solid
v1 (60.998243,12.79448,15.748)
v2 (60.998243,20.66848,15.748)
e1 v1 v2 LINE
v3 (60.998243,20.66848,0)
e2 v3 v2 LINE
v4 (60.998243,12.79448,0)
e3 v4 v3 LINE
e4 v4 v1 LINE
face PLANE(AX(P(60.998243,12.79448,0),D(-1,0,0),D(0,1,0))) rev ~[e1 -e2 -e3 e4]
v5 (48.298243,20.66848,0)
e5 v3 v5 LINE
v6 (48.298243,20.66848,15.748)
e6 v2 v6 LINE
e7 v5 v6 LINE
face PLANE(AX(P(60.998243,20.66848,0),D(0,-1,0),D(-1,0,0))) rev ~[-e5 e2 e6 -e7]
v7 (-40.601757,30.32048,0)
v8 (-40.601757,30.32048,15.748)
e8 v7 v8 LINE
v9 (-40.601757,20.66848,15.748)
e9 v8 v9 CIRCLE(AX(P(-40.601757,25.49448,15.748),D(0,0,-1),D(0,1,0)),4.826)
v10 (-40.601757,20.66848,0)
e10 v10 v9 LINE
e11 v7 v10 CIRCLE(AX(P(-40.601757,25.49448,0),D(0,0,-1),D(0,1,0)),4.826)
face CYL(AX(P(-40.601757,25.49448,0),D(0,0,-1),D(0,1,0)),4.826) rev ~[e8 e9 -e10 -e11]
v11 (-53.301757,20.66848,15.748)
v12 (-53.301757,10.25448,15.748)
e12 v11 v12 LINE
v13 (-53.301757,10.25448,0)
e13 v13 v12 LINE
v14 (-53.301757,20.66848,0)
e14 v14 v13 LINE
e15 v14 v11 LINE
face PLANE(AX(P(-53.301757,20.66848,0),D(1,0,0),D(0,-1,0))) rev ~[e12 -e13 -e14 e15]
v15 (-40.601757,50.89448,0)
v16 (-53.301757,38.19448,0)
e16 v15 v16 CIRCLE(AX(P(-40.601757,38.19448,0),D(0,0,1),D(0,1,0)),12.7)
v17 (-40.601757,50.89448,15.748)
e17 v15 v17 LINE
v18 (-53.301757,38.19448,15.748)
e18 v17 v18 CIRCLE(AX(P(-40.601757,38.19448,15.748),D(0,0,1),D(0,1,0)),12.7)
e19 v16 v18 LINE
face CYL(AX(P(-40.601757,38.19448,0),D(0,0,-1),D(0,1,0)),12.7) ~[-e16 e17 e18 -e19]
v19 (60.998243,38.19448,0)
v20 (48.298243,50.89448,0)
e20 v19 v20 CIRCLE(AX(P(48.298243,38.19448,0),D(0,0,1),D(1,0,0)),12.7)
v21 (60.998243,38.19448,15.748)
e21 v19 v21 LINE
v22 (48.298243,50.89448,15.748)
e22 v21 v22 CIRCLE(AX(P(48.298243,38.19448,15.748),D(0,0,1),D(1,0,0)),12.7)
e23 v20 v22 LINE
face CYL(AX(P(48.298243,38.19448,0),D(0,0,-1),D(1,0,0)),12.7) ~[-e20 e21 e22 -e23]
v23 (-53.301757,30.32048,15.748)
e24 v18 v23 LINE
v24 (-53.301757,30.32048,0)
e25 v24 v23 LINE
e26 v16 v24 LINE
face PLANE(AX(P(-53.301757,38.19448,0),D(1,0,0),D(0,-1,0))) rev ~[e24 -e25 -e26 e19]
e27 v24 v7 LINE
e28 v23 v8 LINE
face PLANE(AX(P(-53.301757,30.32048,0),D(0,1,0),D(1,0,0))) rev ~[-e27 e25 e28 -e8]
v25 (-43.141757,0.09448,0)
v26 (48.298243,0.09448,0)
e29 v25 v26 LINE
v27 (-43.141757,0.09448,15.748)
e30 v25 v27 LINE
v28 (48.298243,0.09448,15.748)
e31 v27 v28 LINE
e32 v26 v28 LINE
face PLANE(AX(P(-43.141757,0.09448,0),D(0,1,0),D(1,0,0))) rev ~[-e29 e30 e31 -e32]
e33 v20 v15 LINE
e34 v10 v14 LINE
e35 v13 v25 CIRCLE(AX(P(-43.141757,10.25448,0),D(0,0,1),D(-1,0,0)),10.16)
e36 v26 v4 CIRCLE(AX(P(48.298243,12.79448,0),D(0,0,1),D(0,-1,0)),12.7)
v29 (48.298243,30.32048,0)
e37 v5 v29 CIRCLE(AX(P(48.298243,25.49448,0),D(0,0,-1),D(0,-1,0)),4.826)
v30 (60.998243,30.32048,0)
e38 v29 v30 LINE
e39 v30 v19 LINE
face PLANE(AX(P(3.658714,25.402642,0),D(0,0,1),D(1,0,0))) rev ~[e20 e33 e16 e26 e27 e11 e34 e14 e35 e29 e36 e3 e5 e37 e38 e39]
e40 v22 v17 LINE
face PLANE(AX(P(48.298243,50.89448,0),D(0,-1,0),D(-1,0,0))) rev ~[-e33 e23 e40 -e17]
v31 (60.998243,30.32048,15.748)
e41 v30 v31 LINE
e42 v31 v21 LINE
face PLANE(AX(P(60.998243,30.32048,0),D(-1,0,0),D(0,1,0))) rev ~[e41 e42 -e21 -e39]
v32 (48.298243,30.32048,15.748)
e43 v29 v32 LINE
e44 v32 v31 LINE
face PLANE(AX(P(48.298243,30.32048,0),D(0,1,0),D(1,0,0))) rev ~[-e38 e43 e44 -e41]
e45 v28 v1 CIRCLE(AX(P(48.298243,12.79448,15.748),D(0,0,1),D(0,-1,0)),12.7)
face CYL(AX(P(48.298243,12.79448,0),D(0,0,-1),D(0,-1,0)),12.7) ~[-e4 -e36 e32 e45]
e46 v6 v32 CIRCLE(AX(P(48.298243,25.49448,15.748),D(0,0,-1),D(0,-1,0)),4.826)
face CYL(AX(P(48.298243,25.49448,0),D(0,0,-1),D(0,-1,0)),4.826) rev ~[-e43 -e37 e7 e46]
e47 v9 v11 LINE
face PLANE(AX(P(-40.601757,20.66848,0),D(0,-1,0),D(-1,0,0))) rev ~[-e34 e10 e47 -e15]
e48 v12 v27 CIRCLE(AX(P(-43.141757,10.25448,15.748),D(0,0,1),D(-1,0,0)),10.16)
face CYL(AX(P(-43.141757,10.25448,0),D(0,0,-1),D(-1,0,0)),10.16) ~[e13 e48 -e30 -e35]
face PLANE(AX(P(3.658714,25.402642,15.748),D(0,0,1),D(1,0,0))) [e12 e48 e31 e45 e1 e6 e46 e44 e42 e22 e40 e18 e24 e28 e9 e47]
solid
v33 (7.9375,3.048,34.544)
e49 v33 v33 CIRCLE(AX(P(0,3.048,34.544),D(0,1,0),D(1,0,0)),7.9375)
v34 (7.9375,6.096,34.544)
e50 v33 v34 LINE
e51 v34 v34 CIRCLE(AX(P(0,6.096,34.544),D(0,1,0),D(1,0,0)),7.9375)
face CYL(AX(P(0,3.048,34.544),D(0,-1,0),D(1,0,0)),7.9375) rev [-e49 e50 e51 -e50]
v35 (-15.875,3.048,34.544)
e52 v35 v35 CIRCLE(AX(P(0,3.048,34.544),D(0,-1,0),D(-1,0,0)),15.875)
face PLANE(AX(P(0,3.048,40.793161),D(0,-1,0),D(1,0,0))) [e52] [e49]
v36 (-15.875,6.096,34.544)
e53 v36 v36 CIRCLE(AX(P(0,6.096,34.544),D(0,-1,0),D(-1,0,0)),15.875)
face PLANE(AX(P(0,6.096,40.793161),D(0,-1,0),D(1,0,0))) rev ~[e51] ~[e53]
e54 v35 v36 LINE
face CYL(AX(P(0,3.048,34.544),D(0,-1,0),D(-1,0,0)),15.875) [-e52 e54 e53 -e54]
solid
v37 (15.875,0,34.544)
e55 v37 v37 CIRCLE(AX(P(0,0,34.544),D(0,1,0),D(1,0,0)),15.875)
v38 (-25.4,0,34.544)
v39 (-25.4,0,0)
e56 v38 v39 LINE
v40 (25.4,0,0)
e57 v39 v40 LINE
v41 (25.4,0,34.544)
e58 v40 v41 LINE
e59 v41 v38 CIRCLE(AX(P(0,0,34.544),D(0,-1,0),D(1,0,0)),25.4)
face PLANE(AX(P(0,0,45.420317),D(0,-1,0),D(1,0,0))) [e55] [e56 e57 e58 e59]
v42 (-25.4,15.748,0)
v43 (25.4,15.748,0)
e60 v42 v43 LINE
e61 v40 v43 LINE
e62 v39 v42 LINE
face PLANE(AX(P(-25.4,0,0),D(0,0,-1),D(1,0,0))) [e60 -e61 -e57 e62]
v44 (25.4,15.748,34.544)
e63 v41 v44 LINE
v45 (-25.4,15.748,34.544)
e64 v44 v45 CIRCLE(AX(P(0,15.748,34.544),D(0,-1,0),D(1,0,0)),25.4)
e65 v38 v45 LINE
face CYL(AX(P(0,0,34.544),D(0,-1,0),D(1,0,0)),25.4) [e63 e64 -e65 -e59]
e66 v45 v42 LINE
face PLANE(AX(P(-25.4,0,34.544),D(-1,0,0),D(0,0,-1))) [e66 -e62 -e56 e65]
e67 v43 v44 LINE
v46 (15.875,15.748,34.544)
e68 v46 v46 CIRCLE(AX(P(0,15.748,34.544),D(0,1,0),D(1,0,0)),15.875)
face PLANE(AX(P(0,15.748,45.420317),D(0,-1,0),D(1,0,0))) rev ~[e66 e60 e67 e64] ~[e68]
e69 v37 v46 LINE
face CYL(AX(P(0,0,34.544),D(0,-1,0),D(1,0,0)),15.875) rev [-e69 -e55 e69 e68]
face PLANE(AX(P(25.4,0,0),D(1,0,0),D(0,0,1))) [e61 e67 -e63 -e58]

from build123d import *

# Parameters (mm, degrees)
F2_DEPTH = 15.748
F3_DEPTH = 15.748
F4_DEPTH = 3.048
F5_DEPTH = 3.048


with BuildPart() as f2:
    # F0 (on Top) → F2 (new body)
    with BuildSketch(Plane.XY):
        with BuildLine():
            ThreePointArc((-53.3017574266, 10.254479922), (-50.3259623234, 3.0702750251), (-43.1417574266, 0.094479922))
            Line((-43.1417574266, 0.094479922), (48.2982425734, 0.094479922))
            ThreePointArc((48.2982425734, 0.094479922), (57.2784986945, 3.8142238009), (60.9982425734, 12.794479922))
            Line((60.9982425734, 12.794479922), (60.9982425734, 20.668479922))
            Line((60.9982425734, 20.668479922), (48.2982425734, 20.668479922))
            ThreePointArc((48.2982425734, 20.668479922), (43.4722425734, 25.494479922), (48.2982425734, 30.320479922))
            Line((48.2982425734, 30.320479922), (60.9982425734, 30.320479922))
            Line((60.9982425734, 30.320479922), (60.9982425734, 38.194479922))
            ThreePointArc((60.9982425734, 38.194479922), (57.2784986945, 47.1747360431), (48.2982425734, 50.894479922))
            Line((48.2982425734, 50.894479922), (-40.6017574266, 50.894479922))
            ThreePointArc((-40.6017574266, 50.894479922), (-49.5820135476, 47.1747360431), (-53.3017574266, 38.194479922))
            Line((-53.3017574266, 38.194479922), (-53.3017574266, 30.320479922))
            Line((-53.3017574266, 30.320479922), (-40.6017574266, 30.320479922))
            ThreePointArc((-40.6017574266, 30.320479922), (-35.7757574266, 25.494479922), (-40.6017574266, 20.668479922))
            Line((-40.6017574266, 20.668479922), (-53.3017574266, 20.668479922))
            Line((-53.3017574266, 20.668479922), (-53.3017574266, 10.254479922))
        make_face()
    extrude(amount=F2_DEPTH)


with BuildPart() as f3:
    # F1 (on Front) → F3 (new body)
    with BuildSketch(Plane.XZ):
        with BuildLine():
            ThreePointArc((25.4, 34.544), (0, 59.944), (-25.4, 34.544))
            Line((-25.4, 34.544), (-15.875, 34.544))
            ThreePointArc((-15.875, 34.544), (0, 50.419), (15.875, 34.544))
            Line((15.875, 34.544), (25.4, 34.544))
        make_face()
        with BuildLine():
            Line((-25.4, 34.544), (-25.4, 0))
            Line((-25.4, 0), (25.4, 0))
            Line((25.4, 0), (25.4, 34.544))
            Line((25.4, 34.544), (15.875, 34.544))
            ThreePointArc((15.875, 34.544), (0, 18.669), (-15.875, 34.544))
            Line((-15.875, 34.544), (-25.4, 34.544))
        make_face()
    extrude(amount=-F3_DEPTH)


with BuildPart() as f4:
    # F1 (on Front) → F4 (new body)
    with BuildSketch(Plane.XZ):
        with BuildLine():
            Line((7.9375, 34.544), (-7.9375, 34.544))
            ThreePointArc((-7.9375, 34.544), (0, 26.6065), (7.9375, 34.544))
        make_face()
        with BuildLine():
            ThreePointArc((7.9375, 34.544), (0, 42.4815), (-7.9375, 34.544))
            Line((-7.9375, 34.544), (7.9375, 34.544))
        make_face()
    extrude(amount=-F4_DEPTH)


with BuildPart() as f5:
    # F1 (on Front) → F5 (new body)
    with BuildSketch(Plane.XZ):
        with BuildLine():
            ThreePointArc((15.875, 34.544), (0, 50.419), (-15.875, 34.544))
            Line((-15.875, 34.544), (-7.9375, 34.544))
            ThreePointArc((-7.9375, 34.544), (0, 42.4815), (7.9375, 34.544))
            Line((7.9375, 34.544), (15.875, 34.544))
        make_face()
        with BuildLine():
            Line((-7.9375, 34.544), (-15.875, 34.544))
            ThreePointArc((-15.875, 34.544), (0, 18.669), (15.875, 34.544))
            Line((15.875, 34.544), (7.9375, 34.544))
            ThreePointArc((7.9375, 34.544), (0, 26.6065), (-7.9375, 34.544))
        make_face()
    extrude(amount=-F5_DEPTH)

    # F6: cut F4
    add(f4.part, mode=Mode.SUBTRACT)


with BuildPart() as f5_1:
    # F7: moved
    add(f5.part.moved(Location((0, 3.048, 0))))


solid = Compound([f2.part, f3.part, f5_1.part])
